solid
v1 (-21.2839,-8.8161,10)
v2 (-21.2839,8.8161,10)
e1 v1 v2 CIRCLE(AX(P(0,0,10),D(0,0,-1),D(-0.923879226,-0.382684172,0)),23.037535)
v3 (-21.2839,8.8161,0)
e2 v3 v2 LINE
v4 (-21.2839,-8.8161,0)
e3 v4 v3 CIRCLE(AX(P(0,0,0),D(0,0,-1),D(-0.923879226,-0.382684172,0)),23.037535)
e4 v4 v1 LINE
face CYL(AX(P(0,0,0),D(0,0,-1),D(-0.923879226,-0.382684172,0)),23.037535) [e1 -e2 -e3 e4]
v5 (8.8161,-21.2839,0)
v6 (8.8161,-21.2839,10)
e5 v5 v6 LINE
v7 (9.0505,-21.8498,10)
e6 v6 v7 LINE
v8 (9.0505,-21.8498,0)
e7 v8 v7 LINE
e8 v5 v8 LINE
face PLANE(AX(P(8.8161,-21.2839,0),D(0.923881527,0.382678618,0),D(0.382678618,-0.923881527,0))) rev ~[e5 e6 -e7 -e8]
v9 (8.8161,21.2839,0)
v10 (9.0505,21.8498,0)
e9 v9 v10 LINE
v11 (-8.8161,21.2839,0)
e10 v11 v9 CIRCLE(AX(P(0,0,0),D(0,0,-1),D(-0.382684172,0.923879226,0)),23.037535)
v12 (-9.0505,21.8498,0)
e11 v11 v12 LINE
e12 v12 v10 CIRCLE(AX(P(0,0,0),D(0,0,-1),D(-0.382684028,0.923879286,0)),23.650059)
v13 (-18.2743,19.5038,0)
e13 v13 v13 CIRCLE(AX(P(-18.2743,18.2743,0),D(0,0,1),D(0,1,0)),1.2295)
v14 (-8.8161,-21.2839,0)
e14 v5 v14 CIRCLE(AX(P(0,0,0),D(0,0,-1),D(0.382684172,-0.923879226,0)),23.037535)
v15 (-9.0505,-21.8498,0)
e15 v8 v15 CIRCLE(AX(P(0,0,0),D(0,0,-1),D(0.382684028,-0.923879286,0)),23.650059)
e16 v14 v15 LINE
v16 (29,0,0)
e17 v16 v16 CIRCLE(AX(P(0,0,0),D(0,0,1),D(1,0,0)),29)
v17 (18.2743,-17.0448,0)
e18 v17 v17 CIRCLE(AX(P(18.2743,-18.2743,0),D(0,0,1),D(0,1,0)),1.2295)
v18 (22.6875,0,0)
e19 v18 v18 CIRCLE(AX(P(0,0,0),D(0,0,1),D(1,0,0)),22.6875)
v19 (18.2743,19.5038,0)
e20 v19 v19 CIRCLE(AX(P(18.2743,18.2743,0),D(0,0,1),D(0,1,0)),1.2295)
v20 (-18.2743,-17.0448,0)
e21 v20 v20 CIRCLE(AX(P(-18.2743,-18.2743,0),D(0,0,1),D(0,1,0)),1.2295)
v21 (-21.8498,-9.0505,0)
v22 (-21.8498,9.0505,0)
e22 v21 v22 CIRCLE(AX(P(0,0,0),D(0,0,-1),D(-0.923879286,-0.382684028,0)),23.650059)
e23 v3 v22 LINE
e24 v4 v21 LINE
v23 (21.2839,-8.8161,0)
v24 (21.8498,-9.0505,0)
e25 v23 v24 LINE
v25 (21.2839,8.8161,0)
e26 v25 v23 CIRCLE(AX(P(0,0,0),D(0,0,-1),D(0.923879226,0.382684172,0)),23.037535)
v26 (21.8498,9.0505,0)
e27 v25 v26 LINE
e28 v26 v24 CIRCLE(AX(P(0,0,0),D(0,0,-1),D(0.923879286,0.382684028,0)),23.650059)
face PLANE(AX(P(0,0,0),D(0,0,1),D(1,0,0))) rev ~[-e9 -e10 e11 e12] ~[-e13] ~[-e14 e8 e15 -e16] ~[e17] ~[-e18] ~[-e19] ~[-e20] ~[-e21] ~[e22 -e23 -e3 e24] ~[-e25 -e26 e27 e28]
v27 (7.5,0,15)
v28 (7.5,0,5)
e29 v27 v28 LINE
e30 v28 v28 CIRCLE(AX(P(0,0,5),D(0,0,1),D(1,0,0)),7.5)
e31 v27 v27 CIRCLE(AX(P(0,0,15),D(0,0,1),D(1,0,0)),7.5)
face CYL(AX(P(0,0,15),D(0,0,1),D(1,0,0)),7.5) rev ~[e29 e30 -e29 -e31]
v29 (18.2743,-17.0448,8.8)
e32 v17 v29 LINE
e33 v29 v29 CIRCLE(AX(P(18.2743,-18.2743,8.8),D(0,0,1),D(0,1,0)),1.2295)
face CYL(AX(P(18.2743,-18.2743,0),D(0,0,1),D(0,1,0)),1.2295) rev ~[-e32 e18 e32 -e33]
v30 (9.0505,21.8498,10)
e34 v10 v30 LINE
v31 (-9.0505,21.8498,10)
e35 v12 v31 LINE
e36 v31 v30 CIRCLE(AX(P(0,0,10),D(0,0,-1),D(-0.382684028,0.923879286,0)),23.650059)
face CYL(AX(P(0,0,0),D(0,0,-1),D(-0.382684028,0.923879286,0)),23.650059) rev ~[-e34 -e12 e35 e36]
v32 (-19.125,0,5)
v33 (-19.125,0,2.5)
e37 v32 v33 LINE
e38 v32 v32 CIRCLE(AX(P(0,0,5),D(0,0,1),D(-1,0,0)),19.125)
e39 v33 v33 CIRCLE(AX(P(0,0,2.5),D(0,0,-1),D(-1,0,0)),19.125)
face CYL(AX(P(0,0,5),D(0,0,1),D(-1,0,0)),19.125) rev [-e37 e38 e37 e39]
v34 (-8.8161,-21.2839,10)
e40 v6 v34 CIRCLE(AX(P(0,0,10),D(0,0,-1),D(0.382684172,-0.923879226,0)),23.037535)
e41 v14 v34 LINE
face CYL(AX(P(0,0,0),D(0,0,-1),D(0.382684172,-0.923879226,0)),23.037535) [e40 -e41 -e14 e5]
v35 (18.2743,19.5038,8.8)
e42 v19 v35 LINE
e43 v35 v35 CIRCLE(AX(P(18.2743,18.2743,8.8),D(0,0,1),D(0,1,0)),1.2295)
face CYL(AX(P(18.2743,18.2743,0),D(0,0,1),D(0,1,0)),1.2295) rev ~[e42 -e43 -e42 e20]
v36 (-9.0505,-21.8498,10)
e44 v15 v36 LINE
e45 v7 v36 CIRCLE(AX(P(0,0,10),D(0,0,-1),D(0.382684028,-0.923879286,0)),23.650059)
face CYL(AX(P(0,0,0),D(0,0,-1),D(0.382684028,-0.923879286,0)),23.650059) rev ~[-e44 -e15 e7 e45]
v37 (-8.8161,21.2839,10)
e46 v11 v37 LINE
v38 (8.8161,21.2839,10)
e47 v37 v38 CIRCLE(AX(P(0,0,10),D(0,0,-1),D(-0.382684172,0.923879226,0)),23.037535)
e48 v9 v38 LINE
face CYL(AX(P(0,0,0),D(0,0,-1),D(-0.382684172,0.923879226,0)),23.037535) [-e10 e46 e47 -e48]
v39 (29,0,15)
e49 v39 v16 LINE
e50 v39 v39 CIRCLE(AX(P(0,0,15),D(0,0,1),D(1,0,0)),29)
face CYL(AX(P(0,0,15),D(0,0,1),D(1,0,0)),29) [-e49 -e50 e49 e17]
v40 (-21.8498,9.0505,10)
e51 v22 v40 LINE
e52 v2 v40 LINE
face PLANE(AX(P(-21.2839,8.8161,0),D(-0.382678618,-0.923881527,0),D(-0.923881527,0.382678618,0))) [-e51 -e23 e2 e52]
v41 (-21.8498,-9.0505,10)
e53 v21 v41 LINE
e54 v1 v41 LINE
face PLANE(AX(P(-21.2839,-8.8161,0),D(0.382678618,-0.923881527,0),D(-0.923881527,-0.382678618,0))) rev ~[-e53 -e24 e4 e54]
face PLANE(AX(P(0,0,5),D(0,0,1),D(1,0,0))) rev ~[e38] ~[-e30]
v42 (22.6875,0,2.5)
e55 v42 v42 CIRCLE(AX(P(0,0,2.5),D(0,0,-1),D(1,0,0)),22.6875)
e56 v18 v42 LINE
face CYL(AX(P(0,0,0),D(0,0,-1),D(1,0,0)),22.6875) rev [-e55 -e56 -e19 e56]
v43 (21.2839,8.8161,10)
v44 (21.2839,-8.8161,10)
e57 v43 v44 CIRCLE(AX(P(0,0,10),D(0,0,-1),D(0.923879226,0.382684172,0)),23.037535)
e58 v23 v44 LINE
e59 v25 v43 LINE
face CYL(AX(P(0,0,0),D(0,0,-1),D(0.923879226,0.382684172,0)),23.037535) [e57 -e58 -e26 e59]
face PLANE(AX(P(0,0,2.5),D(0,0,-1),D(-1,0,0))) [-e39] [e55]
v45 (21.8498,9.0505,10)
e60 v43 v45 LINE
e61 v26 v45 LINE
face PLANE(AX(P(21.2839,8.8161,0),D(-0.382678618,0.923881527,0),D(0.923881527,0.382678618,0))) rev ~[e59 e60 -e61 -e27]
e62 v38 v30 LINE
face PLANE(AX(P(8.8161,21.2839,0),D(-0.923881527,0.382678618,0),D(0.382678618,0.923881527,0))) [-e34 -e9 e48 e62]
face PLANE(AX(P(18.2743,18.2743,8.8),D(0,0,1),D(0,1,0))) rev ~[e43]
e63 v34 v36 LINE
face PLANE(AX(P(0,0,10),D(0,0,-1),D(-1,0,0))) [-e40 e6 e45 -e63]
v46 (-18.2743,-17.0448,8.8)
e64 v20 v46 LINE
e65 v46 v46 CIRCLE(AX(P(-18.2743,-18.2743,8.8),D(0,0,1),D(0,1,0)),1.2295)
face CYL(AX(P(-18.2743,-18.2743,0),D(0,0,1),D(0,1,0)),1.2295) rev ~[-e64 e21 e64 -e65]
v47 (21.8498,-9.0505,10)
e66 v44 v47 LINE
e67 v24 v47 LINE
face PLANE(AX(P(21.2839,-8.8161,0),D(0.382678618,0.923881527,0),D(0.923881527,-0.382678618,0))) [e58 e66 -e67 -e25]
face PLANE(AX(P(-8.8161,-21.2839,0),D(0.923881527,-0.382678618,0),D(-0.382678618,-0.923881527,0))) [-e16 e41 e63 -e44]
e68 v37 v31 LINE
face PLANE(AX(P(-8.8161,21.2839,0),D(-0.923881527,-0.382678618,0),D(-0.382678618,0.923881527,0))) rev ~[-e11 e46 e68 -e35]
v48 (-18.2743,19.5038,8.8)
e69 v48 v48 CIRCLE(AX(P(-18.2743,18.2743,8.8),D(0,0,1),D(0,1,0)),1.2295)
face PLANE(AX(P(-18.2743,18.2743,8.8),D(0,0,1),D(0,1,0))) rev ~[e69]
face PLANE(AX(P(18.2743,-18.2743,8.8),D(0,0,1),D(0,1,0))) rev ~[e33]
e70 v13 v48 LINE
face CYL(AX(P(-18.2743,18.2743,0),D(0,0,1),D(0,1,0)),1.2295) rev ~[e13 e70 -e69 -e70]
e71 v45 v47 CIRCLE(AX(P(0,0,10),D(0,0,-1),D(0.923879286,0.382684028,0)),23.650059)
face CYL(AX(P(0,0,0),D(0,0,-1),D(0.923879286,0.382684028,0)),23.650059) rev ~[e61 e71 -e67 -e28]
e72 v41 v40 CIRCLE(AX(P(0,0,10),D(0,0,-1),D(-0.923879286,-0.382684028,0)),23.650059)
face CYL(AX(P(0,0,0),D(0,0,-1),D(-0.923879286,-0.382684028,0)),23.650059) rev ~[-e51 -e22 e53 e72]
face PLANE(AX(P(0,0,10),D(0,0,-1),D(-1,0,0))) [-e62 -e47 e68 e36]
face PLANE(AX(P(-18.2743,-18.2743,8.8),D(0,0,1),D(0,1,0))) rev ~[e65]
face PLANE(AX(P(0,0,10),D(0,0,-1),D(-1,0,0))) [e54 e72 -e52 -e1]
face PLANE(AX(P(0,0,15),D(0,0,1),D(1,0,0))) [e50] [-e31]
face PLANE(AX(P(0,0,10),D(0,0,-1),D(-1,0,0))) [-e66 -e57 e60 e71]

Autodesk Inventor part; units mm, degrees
ref_plane "YZ Plane" through (0, 0, 0) normal (1, 0, 0) x (0, 1, 0)
ref_plane "XZ Plane" through (0, 0, 0) normal (0, 1, 0) x (-1, 0, 0)
ref_plane "XY Plane" through (0, 0, 0) normal (0, 0, 1) x (1, 0, 0)
sketch "Sketch1" plane through (0, 0, 0) normal (0, 0, 1) x (1, 0, 0)
  circle A0 centre (0, 0) radius 24
  circle A1 centre (0, 0) radius 22.6875
  dimension "d0" = 48
  dimension "d2" = 45.375
extrude "Extrusion1" add sketch "Sketch1" along normal blind 5
sketch "Sketch2" plane through (0, 0, 5) normal (0, 0, 1) x (1, 0, 0)
  circle A0 centre (0, 0) radius 24 projected
extrude "Extrusion2" add sketch "Sketch2" along normal blind 10
sketch "Sketch3" plane through (0, 0, 0) normal (0, 0, -1) x (-1, 0, 0)
  circle A0 centre (0, 0) radius 22.6875
  circle A1 centre (0, 0) radius 24
  arc A2 (8.8161, 21.2839) -> (-8.8161, 21.2839) centre (0, 0) ccw
  arc A3 (9.0505, 21.8498) -> (-9.0505, 21.8498) centre (0, 0) ccw
  circle A4 centre (0, 0) radius 7.5
  line L0 (0, 0) -> (0, 19.001)
  line L1 (-8.8161, 21.2839) -> (-9.0505, 21.8498)
  line L2 (8.8161, 21.2839) -> (9.0505, 21.8498)
  arc A5 (-21.2839, 8.8161) -> (-21.2839, -8.8161) centre (0, 0) ccw
  arc A6 (-21.8498, 9.0505) -> (-21.8498, -9.0505) centre (0, 0) ccw
  line L3 (-21.2839, -8.8161) -> (-21.8498, -9.0505)
  line L4 (-21.2839, 8.8161) -> (-21.8498, 9.0505)
  arc A7 (-8.8161, -21.2839) -> (8.8161, -21.2839) centre (0, 0) ccw
  arc A8 (-9.0505, -21.8498) -> (9.0505, -21.8498) centre (0, 0) ccw
  line L5 (8.8161, -21.2839) -> (9.0505, -21.8498)
  line L6 (-8.8161, -21.2839) -> (-9.0505, -21.8498)
  arc A9 (21.2839, -8.8161) -> (21.2839, 8.8161) centre (0, 0) ccw
  arc A10 (21.8498, -9.0505) -> (21.8498, 9.0505) centre (0, 0) ccw
  line L7 (21.2839, 8.8161) -> (21.8498, 9.0505)
  line L8 (21.2839, -8.8161) -> (21.8498, -9.0505)
  point P0 (-19.001, 0)
  point P1 (0, -19.001)
  point P2 (19.001, 0)
  dimension "d11" = 0.35
  dimension "d10" = 0.35
  dimension "d9" = 360
ref_plane "Work Plane1" through (0, -22.4669, -8.75) normal (0, 0, -1) x (-1, 0, 0)
extrude "Extrusion6" cut sketch "Sketch3" against normal blind 10 contours A2 L1 A3 L2 | A5 L3 A6 L4 | A7 L5 A8 L6 | A9 L7 A10 L8
sketch "Sketch6" plane through (0, 0, 15) normal (0, 0, 1) x (1, 0, 0)
  circle A0 centre (0, 0) radius 7.5
  dimension "d29" = 15
extrude "Extrusion7" cut sketch "Sketch6" against normal blind 10
sketch "Sketch7" plane through (0, 0, 5) normal (0, 0, -1) x (-1, 0, 0)
  circle A0 centre (0, 0) radius 7.5493
  line L0 (-4.0263, 15.0987) -> (-4.0263, 7.5493)
  arc A1 (-4.0263, 7.5493) -> (-8.5511, -0.2878) centre (0, 0) ccw
  line L1 (-8.5511, -0.2878) -> (-15.089, -4.0625)
  arc A2 (-15.089, -4.0625) -> (-11.0627, -11.0362) centre (-13.0758, -7.5493) ccw
  line L2 (-11.0627, -11.0362) -> (-4.5248, -7.2616)
  arc A3 (-4.5248, -7.2616) -> (4.5248, -7.2616) centre (0, 0) ccw
  line L3 (4.5248, -7.2616) -> (11.0627, -11.0362)
  arc A4 (11.0627, -11.0362) -> (15.089, -4.0625) centre (13.0758, -7.5493) ccw
  line L4 (15.089, -4.0625) -> (8.5511, -0.2878)
  arc A5 (8.5511, -0.2878) -> (4.0263, 7.5493) centre (0, 0) ccw
  line L5 (4.0263, 7.5493) -> (4.0263, 15.0987)
  arc A6 (4.0263, 15.0987) -> (-4.0263, 15.0987) centre (0, 15.0987) ccw
  circle A7 centre (0, 0) radius 19.125
  circle A8 centre (0, 0) radius 7.5 projected
  circle A9 centre (0, 0) radius 22.6875 projected
  dimension "d34" = 38.25
extrude "Extrusion8" add sketch "Sketch7" along normal blind 2.5 contours A9
sketch "Sketch8" plane through (0, 0, 15) normal (0, 0, 1) x (1, 0, 0)
  circle A0 centre (0, 0) radius 29
  circle A1 centre (0, 0) radius 24 projected
  dimension "d35" = 58
extrude "Extrusion9" add sketch "Sketch8" against normal up to surface (15 mm away)
sketch "Sketch9" plane through (0, 0, 0) normal (0, 0, -1) x (-1, 0, 0)
  line L0 (16.0425, 16.0425) -> (18.2743, 18.2743)
  line L1 (0, 0) -> (49.853, 0) construction
  circle A0 centre (0, 0) radius 22.6875 projected
  circle A1 centre (0, 0) radius 29 projected
  circle A2 centre (0, 0) radius 25.8438
  point P0 (-18.2743, 18.2743)
  point P1 (-18.2743, -18.2743)
  point P2 (18.2743, -18.2743)
  dimension "d39" = 45.375
  dimension "d41" = 51.6875
  dimension "d38" = 45
  dimension "d40" = 58
  dimension "d44" = 360
  dimension "d53" = 6.3125
hole "Hole1" at (-18.2743, 18.2743, 0) at (18.2743, 18.2743, 0) at (18.2743, -18.2743, 0) at (-18.2743, -18.2743, 0) direction (0, 0, 1) diameter 2.459 depth 8.8 thread size "M3x0.5" class "6H" standard "ISO Metric profile"
sketch "Sketch10" plane through (0, 0, 0) normal (0, 0, -1) x (-1, 0, 0)
  circle A0 centre (18.2743, 18.2743) radius 1.2295 projected
  circle A1 centre (18.2743, -18.2743) radius 1.2295 projected
  circle A2 centre (-18.2743, -18.2743) radius 1.2295 projected
  circle A3 centre (-18.2743, 18.2743) radius 1.2295 projected
  point P0 (0, 0)
equation "\"d41\" = 0.5 * d40 + 0.5 * d39"
properties part number "Housing of planetary gearbox part 2" material "Steel, Alloy"
